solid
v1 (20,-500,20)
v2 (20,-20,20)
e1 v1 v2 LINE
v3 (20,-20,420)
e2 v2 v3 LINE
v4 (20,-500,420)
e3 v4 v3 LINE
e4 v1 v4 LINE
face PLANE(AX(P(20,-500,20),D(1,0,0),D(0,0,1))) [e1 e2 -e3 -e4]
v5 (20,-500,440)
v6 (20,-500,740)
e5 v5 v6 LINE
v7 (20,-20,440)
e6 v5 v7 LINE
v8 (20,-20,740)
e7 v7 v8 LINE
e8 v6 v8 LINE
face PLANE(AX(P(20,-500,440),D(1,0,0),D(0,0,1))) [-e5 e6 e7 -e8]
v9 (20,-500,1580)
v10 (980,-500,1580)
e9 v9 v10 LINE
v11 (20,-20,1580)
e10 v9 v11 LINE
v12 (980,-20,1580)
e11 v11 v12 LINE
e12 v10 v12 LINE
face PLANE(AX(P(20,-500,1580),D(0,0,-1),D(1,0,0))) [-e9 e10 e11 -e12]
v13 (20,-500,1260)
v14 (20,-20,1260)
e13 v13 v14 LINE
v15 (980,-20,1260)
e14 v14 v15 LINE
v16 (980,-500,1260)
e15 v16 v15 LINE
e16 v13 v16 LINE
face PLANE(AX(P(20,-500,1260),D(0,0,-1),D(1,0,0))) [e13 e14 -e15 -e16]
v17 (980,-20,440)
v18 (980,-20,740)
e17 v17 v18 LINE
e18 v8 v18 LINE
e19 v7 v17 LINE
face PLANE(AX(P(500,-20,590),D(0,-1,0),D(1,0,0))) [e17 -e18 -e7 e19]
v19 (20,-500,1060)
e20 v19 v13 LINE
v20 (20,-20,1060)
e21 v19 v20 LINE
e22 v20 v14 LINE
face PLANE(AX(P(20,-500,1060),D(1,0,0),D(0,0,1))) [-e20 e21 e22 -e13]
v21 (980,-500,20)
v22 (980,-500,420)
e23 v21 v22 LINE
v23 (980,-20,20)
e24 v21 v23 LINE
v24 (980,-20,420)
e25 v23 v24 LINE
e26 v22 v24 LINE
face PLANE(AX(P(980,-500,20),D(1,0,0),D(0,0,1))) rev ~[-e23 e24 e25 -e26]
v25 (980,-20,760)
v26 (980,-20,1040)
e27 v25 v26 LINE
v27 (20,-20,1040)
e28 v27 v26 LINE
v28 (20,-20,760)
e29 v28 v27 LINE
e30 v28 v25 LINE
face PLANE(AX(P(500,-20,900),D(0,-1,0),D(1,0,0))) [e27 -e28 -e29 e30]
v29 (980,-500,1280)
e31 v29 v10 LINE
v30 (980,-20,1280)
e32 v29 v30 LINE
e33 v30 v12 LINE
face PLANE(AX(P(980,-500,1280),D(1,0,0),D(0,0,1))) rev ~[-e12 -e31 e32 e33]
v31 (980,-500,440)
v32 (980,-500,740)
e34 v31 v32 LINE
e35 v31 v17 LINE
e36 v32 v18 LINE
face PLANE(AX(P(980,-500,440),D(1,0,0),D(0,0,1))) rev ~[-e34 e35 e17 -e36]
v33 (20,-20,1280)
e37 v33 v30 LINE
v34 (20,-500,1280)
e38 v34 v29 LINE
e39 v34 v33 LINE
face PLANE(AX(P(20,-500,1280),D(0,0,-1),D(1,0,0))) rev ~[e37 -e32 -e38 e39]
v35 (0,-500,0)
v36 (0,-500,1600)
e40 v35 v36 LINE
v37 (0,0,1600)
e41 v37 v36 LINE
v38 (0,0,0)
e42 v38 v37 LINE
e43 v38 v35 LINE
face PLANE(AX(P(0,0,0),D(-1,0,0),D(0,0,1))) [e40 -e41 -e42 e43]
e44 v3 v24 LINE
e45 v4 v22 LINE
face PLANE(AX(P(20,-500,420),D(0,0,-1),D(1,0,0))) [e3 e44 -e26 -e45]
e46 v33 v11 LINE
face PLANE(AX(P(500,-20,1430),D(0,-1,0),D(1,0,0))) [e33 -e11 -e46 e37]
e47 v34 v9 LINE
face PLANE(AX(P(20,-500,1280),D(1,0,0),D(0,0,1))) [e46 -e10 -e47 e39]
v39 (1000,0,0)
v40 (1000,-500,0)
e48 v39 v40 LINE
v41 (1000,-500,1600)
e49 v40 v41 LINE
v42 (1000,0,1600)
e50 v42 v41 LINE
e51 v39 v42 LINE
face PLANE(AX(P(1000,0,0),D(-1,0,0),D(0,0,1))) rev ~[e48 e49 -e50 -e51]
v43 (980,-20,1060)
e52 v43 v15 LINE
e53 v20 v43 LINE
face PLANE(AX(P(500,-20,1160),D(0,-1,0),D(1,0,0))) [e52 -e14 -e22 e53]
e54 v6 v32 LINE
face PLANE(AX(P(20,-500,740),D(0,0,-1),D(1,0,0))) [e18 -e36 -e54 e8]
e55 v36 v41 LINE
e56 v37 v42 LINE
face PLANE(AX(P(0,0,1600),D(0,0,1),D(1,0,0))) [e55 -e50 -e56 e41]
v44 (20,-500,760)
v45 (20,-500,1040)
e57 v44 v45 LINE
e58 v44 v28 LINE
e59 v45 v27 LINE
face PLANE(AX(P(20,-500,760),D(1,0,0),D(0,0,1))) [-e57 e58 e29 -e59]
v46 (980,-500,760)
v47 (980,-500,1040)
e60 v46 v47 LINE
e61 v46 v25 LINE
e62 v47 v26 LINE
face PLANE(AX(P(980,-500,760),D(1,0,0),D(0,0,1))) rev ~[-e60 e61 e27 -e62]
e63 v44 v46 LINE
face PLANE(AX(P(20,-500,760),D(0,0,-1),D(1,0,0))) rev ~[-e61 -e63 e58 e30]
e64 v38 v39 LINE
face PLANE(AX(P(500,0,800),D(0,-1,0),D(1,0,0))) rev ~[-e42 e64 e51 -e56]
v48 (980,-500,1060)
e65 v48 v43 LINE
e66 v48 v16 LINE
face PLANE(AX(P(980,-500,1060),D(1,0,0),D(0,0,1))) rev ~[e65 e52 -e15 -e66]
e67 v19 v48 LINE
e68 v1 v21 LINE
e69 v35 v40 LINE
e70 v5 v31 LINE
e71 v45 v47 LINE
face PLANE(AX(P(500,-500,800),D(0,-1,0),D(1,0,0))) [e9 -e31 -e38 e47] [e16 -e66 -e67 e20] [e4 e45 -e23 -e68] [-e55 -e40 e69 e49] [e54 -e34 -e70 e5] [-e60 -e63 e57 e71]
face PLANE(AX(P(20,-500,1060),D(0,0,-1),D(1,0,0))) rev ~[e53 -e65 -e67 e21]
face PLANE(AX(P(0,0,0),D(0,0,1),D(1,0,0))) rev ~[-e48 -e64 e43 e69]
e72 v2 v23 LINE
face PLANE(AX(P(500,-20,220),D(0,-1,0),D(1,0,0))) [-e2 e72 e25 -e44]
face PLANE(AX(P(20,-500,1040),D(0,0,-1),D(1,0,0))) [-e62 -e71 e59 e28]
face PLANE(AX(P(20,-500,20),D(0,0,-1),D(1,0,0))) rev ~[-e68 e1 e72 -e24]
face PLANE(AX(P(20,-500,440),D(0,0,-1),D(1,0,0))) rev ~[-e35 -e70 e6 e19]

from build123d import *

# Parameters (mm, degrees)
F0_W     = 1000
F0_H     = 1600
F1_DEPTH = 500
F2_W     = 960
F2_H     = 400
F2_H_2   = 300
F2_H_3   = 280
F2_H_4   = 200
F3_DEPTH = 480


with BuildPart() as f1:
    # F0 (on Front) → F1 (new body)
    with BuildSketch(Plane.XZ):
        with Locations((500, 800)):
            Rectangle(F0_W, F0_H)
    extrude(amount=F1_DEPTH)

    # F2 (on face) → F3 (cut)
    with BuildSketch(Plane.XZ.offset(500)):
        with Locations((500, 220)):
            Rectangle(F2_W, F2_H)
        with Locations((500, 590)):
            Rectangle(F2_W, F2_H_2)
        with Locations((500, 900)):
            Rectangle(F2_W, F2_H_3)
        with Locations((500, 1160)):
            Rectangle(F2_W, F2_H_4)
        with Locations((500, 1430)):
            Rectangle(F2_W, F2_H_2)
    extrude(amount=-F3_DEPTH, mode=Mode.SUBTRACT)


solid = f1.part
